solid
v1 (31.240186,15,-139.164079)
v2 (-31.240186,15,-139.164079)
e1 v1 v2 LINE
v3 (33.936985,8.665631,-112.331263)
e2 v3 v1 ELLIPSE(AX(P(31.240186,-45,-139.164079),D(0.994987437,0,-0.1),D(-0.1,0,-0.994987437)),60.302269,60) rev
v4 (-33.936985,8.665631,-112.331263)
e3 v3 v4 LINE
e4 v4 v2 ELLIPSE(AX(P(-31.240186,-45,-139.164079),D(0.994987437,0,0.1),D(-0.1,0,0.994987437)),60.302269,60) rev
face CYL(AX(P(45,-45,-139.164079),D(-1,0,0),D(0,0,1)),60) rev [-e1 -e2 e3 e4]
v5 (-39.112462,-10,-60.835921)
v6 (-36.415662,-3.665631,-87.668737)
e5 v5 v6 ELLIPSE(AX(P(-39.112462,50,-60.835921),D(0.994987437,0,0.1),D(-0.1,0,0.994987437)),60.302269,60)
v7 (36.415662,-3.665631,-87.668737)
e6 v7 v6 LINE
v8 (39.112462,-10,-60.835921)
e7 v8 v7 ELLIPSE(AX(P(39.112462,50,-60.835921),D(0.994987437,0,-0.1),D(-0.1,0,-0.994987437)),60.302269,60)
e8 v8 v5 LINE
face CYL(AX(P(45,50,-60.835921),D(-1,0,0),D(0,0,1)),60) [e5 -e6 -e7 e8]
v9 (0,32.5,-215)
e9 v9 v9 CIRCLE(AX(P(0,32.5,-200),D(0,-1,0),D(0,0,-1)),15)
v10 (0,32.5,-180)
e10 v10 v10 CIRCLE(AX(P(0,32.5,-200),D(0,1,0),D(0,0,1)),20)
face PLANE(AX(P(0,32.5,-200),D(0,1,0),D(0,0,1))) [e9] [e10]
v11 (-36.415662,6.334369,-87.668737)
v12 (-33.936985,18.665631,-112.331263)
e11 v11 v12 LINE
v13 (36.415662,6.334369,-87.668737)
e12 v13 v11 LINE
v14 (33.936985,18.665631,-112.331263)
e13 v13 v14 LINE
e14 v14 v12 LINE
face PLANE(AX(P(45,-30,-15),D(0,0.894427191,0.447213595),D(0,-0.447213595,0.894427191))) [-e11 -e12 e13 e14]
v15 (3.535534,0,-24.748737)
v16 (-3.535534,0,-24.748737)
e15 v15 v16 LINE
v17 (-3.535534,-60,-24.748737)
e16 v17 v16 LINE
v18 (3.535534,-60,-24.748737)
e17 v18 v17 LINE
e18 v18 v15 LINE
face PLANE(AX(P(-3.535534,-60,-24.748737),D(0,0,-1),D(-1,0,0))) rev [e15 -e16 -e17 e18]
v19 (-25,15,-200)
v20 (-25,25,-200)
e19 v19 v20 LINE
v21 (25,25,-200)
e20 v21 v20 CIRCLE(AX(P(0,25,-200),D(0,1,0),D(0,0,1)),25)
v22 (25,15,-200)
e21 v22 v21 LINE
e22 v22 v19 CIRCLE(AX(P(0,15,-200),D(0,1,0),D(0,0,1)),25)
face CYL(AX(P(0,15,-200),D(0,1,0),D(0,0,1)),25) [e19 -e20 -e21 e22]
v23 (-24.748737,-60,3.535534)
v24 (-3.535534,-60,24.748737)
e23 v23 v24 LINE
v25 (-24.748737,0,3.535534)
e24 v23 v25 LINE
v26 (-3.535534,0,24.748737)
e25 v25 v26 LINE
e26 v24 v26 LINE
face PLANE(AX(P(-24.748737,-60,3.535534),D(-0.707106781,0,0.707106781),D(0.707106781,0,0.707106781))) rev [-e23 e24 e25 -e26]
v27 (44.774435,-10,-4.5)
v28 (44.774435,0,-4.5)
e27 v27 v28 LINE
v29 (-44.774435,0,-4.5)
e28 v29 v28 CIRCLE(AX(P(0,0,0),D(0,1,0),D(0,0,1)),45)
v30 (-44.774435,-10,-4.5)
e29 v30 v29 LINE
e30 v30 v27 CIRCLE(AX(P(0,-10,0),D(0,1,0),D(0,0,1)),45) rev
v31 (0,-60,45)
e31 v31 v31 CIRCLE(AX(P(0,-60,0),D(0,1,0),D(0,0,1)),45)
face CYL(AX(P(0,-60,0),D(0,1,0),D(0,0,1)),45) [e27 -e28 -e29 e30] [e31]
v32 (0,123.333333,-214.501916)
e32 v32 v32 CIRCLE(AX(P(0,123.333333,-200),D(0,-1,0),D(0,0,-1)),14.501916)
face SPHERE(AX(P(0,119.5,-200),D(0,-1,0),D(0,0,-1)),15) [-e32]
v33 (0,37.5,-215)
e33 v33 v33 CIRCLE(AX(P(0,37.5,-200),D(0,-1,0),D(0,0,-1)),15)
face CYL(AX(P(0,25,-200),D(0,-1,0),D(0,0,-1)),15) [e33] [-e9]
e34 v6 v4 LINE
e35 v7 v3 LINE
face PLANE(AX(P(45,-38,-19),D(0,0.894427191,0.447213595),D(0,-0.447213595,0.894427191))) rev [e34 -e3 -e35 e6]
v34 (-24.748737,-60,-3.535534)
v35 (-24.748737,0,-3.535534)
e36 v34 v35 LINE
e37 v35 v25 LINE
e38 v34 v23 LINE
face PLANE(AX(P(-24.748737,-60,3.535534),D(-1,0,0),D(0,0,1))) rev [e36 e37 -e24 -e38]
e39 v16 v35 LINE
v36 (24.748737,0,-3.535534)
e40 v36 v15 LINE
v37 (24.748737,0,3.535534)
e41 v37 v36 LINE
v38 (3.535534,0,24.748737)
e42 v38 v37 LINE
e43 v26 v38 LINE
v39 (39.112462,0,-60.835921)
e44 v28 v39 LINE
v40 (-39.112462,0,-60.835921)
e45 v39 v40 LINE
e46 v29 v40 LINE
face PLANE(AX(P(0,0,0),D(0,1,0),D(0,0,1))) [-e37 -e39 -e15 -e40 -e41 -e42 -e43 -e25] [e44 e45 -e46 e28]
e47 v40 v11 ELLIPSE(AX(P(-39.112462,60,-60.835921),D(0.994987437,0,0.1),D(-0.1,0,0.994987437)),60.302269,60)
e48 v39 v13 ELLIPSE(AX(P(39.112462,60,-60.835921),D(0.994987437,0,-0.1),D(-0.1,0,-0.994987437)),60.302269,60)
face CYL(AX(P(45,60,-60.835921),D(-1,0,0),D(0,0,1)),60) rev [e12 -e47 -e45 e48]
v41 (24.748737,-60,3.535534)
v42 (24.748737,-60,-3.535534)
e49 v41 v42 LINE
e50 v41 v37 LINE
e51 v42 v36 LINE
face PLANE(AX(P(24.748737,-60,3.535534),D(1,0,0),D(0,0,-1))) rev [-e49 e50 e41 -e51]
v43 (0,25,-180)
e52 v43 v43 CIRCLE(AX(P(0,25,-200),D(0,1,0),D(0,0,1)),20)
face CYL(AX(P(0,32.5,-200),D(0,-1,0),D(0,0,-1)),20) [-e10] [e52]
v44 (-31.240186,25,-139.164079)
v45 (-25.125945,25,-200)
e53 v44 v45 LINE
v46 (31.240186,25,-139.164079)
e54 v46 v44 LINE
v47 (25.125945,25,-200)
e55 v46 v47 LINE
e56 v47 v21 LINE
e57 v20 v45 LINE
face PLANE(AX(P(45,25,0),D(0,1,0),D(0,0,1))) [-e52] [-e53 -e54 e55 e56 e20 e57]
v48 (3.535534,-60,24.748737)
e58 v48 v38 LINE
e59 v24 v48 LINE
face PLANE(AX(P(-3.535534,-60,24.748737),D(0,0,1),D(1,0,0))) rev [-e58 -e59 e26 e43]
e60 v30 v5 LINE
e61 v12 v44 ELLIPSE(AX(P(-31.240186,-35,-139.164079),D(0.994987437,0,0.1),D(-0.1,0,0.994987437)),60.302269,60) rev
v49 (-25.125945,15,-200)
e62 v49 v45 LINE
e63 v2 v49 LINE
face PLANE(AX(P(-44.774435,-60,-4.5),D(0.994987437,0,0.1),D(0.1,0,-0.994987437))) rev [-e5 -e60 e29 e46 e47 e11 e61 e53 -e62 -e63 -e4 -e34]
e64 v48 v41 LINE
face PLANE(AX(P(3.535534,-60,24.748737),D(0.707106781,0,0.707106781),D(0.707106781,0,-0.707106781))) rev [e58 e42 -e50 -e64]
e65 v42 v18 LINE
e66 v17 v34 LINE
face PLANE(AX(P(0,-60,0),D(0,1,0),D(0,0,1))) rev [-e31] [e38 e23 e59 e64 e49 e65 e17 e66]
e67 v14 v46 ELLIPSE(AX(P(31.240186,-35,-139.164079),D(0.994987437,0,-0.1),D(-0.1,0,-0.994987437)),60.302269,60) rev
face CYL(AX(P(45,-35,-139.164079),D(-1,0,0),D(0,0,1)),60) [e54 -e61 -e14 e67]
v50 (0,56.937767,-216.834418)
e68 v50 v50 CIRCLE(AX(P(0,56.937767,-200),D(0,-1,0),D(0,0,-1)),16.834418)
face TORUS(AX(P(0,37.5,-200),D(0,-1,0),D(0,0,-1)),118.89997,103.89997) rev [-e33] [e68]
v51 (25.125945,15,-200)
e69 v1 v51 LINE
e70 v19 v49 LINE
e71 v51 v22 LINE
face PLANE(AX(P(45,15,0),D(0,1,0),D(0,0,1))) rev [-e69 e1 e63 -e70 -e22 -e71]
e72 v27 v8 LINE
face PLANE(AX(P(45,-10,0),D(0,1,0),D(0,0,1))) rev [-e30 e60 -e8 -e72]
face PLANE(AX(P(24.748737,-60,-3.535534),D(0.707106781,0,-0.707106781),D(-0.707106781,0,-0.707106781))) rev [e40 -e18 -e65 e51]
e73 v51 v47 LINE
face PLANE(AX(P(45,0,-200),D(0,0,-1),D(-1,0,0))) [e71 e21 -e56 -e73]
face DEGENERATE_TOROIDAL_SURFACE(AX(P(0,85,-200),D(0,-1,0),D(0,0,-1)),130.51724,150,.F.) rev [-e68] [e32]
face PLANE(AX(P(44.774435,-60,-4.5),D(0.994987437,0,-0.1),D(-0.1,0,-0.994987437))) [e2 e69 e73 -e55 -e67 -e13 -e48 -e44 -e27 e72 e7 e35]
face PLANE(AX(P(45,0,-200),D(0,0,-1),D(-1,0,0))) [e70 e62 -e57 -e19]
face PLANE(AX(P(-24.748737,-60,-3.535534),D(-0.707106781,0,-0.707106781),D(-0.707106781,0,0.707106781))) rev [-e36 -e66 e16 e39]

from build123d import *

# Parameters (mm, degrees)
IZIM2_R                     = 45
Y_KSEKLIK_EKSTR_ZYON1_DEPTH = 60
KES_EKSTR_ZYON1_DEPTH       = 61
Y_KSEKLIK_EKSTR_ZYON2_DEPTH = 45
KES_EKSTR_ZYON2_DEPTH       = 61
KES_EKSTR_ZYON4_DEPTH       = 102.850872841
Y_KSEKLIK_EKSTR_ZYON3_DEPTH = 10
IZIM10_R                    = 20
Y_KSEKLIK_EKSTR_ZYON4_DEPTH = 7.5


with BuildPart() as part:
    # Çizim2 → Yükseklik-Ekstrüzyon1 (new body)
    with BuildSketch(Plane(origin=(0, 0, 0), x_dir=(1, 0, 0), z_dir=(0, 1, 0))):
        Circle(IZIM2_R)
    extrude(amount=-Y_KSEKLIK_EKSTR_ZYON1_DEPTH)

    # Çizim5 → Kes-Ekstrüzyon1 (cut, through all)
    with BuildSketch(Plane(origin=(0, 0, 0), x_dir=(1, 0, 0), z_dir=(0, 1, 0))):
        Polygon((-24.748737342, 3.535533906), (-3.535533906, 24.748737342), (3.535533906, 24.748737342), (24.748737342, 3.535533906), (24.748737342, -3.535533906), (3.535533906, -24.748737342), (-3.535533906, -24.748737342), (-24.748737342, -3.535533906), align=None)
    extrude(amount=-KES_EKSTR_ZYON1_DEPTH, mode=Mode.SUBTRACT)

    # Çizim6 → Yükseklik-Ekstrüzyon2 (add, symmetric)
    with BuildSketch(Plane(origin=(0, 0, 0), x_dir=(0, 0, -1), z_dir=(1, 0, 0))):
        with BuildLine():
            Line((60.83592135, 0), (3.535533906, 0))
            Line((3.535533906, 0), (3.535533906, -10))
            Line((3.535533906, -10), (60.83592135, -10))
            ThreePointArc((60.83592135, -10), (74.621096583, -8.394939368), (87.66873708, -3.66563146))
            Line((87.66873708, -3.66563146), (112.33126292, 8.66563146))
            ThreePointArc((112.33126292, 8.66563146), (125.378903417, 13.394939368), (139.16407865, 15))
            Line((139.16407865, 15), (200, 15))
            Line((200, 15), (200, 25))
            Line((200, 25), (139.16407865, 25))
            ThreePointArc((139.16407865, 25), (125.378903417, 23.394939368), (112.33126292, 18.66563146))
            Line((112.33126292, 18.66563146), (87.66873708, 6.33436854))
            ThreePointArc((87.66873708, 6.33436854), (74.621096583, 1.605060632), (60.83592135, 0))
        make_face()
    extrude(amount=Y_KSEKLIK_EKSTR_ZYON2_DEPTH, both=True)

    # Çizim5<2> → Kes-Ekstrüzyon2 (cut, through all)
    with BuildSketch(Plane(origin=(0, 0, 0), x_dir=(1, 0, 0), z_dir=(0, 1, 0))):
        Polygon((-24.748737342, 3.535533906), (-3.535533906, 24.748737342), (3.535533906, 24.748737342), (24.748737342, 3.535533906), (24.748737342, -3.535533906), (3.535533906, -24.748737342), (-3.535533906, -24.748737342), (-24.748737342, -3.535533906), align=None)
    extrude(amount=-KES_EKSTR_ZYON2_DEPTH, mode=Mode.SUBTRACT)

    # Çizim7 → Kes-Ekstrüzyon4 (cut, through all)
    with BuildSketch(Plane(origin=(0, 41.850872841, 0), x_dir=(1, 0, 0), z_dir=(0, 1, 0))):
        with BuildLine():
            ThreePointArc((-45, 0), (-44.94357329, 2.252824878), (-44.77443467, 4.5))
            Line((-44.77443467, 4.5), (-25.125945381, 200))
            Line((-25.125945381, 200), (-45, 200))
            Line((-45, 200), (-45, 0))
        make_face()
        with BuildLine():
            Line((25.125945381, 200), (44.77443467, 4.5))
            ThreePointArc((44.77443467, 4.5), (44.94357329, 2.252824878), (45, 0))
            Line((45, 0), (45, 200))
            Line((45, 200), (25.125945381, 200))
        make_face()
    extrude(amount=-KES_EKSTR_ZYON4_DEPTH, mode=Mode.SUBTRACT)

    # Çizim9 → Yükseklik-Ekstrüzyon3 (add)
    with BuildSketch(Plane(origin=(0, 25, 0), x_dir=(1, 0, 0), z_dir=(0, 1, 0))):
        with BuildLine():
            Line((-25, 200), (25, 200))
            ThreePointArc((25, 200), (0, 225), (-25, 200))
        make_face()
    extrude(amount=-Y_KSEKLIK_EKSTR_ZYON3_DEPTH)

    # Çizim10 → Yükseklik-Ekstrüzyon4 (add)
    with BuildSketch(Plane(origin=(0, 25, 0), x_dir=(1, 0, 0), z_dir=(0, 1, 0))):
        with Locations((0, 200)):
            Circle(IZIM10_R)
    extrude(amount=Y_KSEKLIK_EKSTR_ZYON4_DEPTH)

    # Çizim12 → Döndür5 (revolve)
    with BuildSketch(Plane(origin=(0, 0, 0), x_dir=(0, 0, -1), z_dir=(1, 0, 0))):
        with BuildLine():
            ThreePointArc((214.501915582, 123.333333333), (209.151502609, 131.384864324), (200, 134.5))
            Line((200, 134.5), (200, 119.5))
            Line((200, 119.5), (200, 32.5))
            Line((200, 32.5), (215, 32.5))
            Line((215, 32.5), (215, 37.5))
            ThreePointArc((215, 37.5), (215.45962104, 47.262068061), (216.83441772, 56.937767437))
            ThreePointArc((216.83441772, 56.937767437), (219.390284523, 90.266309839), (214.501915582, 123.333333333))
        make_face()
    revolve(axis=Axis((0, 25, -200), (0, 1, 0)))


solid = part.part
